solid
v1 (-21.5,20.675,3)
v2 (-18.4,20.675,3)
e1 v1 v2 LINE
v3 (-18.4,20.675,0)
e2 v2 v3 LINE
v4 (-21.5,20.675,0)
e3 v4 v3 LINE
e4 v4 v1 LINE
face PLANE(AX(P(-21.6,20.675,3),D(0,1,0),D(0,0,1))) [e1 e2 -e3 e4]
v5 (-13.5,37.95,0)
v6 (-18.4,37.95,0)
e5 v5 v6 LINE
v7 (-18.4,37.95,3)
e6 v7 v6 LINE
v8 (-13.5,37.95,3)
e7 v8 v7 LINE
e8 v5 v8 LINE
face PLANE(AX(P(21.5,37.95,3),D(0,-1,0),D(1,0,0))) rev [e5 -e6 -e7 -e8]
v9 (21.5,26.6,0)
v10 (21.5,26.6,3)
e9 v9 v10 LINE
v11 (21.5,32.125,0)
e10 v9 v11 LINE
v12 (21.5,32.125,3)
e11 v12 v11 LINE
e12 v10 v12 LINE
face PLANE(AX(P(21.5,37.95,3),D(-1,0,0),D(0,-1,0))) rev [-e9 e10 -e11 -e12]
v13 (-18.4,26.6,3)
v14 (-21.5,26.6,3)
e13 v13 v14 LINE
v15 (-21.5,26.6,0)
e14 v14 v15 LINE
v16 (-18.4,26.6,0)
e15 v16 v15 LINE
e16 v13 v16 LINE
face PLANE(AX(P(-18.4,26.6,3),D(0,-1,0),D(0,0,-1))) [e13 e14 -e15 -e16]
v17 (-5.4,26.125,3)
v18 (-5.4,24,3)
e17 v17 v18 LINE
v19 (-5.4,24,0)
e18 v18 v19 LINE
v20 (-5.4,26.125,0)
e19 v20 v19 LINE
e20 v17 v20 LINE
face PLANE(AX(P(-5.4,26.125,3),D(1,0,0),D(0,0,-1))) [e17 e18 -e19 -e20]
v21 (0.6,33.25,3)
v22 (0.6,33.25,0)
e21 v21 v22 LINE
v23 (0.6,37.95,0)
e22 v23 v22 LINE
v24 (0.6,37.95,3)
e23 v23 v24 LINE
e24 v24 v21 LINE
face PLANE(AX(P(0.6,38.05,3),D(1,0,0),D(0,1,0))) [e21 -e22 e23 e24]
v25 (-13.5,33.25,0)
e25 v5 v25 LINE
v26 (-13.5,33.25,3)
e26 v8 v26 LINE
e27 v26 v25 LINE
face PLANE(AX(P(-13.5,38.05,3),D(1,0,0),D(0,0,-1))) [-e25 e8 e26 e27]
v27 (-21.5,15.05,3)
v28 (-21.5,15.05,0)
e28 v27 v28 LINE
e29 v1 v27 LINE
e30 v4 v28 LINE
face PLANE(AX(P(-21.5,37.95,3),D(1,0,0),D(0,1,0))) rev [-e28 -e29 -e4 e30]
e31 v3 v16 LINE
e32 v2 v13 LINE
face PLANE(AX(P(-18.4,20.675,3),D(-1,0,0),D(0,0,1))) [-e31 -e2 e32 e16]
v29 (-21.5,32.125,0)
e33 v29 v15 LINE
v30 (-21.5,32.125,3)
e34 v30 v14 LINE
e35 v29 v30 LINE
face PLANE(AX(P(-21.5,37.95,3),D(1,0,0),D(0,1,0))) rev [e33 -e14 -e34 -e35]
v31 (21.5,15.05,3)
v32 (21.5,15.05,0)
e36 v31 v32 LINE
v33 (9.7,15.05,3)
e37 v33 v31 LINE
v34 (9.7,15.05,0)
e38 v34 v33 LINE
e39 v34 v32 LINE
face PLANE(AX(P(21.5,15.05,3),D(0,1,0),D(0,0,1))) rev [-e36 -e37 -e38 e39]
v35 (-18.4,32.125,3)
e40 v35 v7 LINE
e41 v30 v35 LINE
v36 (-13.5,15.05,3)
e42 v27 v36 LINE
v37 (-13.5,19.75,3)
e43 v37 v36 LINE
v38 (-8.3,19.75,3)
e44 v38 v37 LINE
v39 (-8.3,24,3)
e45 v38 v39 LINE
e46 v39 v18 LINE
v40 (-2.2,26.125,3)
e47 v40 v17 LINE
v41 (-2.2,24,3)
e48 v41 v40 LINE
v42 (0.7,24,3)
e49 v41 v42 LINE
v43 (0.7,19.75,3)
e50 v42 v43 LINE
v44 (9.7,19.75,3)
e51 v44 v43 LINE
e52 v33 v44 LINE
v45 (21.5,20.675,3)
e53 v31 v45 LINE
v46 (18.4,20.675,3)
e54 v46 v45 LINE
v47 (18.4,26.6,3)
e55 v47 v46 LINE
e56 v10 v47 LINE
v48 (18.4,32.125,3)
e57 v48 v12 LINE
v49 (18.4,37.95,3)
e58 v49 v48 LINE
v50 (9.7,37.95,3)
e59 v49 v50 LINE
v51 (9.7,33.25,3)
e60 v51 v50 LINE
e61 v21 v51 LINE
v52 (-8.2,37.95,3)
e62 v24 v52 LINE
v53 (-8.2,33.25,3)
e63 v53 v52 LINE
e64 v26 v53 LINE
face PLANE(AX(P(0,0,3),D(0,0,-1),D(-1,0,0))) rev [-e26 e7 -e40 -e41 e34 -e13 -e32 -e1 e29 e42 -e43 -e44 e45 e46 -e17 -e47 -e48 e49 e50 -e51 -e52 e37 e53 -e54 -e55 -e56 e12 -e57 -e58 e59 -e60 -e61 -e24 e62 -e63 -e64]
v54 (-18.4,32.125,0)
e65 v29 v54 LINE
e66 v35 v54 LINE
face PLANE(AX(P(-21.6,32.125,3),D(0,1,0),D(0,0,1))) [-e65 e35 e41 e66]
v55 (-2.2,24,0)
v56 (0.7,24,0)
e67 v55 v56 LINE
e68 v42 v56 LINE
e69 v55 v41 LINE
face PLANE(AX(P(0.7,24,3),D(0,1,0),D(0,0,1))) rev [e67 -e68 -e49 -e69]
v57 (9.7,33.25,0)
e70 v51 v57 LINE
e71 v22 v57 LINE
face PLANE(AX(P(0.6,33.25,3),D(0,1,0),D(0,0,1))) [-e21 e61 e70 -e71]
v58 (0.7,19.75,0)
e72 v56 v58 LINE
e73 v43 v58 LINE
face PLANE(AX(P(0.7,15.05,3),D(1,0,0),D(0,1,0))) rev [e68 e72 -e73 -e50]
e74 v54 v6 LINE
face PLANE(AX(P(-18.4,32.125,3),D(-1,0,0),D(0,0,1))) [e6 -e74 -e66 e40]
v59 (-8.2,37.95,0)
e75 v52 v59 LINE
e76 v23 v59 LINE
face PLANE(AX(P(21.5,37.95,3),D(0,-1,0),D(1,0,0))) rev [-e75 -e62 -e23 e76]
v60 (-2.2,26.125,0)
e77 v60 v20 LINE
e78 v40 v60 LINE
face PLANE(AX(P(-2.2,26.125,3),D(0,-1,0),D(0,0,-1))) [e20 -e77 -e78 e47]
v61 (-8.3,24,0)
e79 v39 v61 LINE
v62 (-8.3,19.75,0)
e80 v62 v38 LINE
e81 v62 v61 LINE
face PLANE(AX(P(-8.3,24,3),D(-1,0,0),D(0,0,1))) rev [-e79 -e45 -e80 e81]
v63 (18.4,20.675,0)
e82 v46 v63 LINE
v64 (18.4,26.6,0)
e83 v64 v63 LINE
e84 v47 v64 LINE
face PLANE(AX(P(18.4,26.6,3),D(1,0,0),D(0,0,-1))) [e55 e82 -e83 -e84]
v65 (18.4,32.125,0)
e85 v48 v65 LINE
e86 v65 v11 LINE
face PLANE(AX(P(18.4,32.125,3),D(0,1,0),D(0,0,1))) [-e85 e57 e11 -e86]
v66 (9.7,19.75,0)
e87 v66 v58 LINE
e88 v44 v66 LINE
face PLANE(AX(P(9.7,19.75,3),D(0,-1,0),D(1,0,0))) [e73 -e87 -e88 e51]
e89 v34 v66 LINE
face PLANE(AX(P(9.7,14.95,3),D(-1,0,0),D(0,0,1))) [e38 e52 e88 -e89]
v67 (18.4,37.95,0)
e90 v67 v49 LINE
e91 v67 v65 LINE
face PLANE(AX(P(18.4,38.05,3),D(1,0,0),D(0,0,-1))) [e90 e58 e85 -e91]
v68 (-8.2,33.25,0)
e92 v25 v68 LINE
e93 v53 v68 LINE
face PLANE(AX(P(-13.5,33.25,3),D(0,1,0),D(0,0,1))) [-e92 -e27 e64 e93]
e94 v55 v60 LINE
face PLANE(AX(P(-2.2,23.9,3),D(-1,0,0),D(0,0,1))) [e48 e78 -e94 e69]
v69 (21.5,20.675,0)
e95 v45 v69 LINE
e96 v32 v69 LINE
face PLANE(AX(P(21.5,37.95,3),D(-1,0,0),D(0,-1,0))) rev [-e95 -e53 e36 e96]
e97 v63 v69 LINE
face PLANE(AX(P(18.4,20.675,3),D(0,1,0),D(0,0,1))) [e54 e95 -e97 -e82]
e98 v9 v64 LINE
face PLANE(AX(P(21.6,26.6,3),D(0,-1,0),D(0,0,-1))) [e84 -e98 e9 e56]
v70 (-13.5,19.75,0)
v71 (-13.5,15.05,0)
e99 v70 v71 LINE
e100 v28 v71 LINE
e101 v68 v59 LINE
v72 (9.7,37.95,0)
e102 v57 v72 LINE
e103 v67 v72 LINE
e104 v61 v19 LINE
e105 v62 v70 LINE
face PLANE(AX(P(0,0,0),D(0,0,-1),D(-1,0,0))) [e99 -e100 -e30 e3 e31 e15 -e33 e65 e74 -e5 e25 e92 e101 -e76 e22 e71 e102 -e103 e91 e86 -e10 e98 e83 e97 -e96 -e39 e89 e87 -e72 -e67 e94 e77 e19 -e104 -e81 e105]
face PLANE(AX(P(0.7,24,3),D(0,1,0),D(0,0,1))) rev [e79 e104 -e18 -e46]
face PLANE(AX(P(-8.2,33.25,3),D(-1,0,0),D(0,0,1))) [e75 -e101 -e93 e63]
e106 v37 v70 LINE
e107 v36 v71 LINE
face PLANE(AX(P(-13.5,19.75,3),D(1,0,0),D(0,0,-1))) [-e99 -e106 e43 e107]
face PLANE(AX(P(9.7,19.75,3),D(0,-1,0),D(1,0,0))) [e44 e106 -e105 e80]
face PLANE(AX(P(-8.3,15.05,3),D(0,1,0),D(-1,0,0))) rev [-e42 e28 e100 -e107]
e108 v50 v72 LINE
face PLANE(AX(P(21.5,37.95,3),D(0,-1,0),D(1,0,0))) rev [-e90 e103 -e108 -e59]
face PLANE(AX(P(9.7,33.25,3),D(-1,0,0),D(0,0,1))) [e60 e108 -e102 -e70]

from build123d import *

# Parameters (mm, degrees)
BOSS_EXTRUDE1_DEPTH = 3
SKETCH4_W           = 3.2
SKETCH4_H           = 5.925
SKETCH4_W_2         = 23.2
SKETCH4_H_2         = 4.8
SKETCH4_W_3         = 9.1
SKETCH4_W_4         = 5.3
SKETCH4_H_3         = 2.225
CUT_EXTRUDE2_DEPTH  = 4


with BuildPart() as part:
    # Sketch1 → Boss-Extrude1 (new body)
    with BuildSketch(Plane.XY):
        Polygon((21.5, 37.95), (-21.5, 37.95), (-21.5, 15.05), (-8.3, 15.05), (-8.3, 24), (0.7, 24), (0.7, 15.05), (21.5, 15.05), align=None)
    extrude(amount=BOSS_EXTRUDE1_DEPTH)

    # Sketch4 → Cut-Extrude2 (cut, through all)
    with BuildSketch(Plane.XY):
        with Locations((20, 23.6375)):
            Rectangle(SKETCH4_W, SKETCH4_H)
        with Locations((20, 35.0875)):
            Rectangle(SKETCH4_W, SKETCH4_H)
        with Locations((-1.9, 17.35)):
            Rectangle(SKETCH4_W_2, SKETCH4_H_2)
        with Locations((5.15, 35.65)):
            Rectangle(SKETCH4_W_3, SKETCH4_H_2)
        with Locations((-20, 23.6375)):
            Rectangle(SKETCH4_W, SKETCH4_H)
        with Locations((-20, 35.0875)):
            Rectangle(SKETCH4_W, SKETCH4_H)
        with Locations((-10.85, 35.65)):
            Rectangle(SKETCH4_W_4, SKETCH4_H_2)
        with Locations((-3.8, 25.0125)):
            Rectangle(SKETCH4_W, SKETCH4_H_3)
    extrude(amount=CUT_EXTRUDE2_DEPTH, mode=Mode.SUBTRACT)


solid = part.part
